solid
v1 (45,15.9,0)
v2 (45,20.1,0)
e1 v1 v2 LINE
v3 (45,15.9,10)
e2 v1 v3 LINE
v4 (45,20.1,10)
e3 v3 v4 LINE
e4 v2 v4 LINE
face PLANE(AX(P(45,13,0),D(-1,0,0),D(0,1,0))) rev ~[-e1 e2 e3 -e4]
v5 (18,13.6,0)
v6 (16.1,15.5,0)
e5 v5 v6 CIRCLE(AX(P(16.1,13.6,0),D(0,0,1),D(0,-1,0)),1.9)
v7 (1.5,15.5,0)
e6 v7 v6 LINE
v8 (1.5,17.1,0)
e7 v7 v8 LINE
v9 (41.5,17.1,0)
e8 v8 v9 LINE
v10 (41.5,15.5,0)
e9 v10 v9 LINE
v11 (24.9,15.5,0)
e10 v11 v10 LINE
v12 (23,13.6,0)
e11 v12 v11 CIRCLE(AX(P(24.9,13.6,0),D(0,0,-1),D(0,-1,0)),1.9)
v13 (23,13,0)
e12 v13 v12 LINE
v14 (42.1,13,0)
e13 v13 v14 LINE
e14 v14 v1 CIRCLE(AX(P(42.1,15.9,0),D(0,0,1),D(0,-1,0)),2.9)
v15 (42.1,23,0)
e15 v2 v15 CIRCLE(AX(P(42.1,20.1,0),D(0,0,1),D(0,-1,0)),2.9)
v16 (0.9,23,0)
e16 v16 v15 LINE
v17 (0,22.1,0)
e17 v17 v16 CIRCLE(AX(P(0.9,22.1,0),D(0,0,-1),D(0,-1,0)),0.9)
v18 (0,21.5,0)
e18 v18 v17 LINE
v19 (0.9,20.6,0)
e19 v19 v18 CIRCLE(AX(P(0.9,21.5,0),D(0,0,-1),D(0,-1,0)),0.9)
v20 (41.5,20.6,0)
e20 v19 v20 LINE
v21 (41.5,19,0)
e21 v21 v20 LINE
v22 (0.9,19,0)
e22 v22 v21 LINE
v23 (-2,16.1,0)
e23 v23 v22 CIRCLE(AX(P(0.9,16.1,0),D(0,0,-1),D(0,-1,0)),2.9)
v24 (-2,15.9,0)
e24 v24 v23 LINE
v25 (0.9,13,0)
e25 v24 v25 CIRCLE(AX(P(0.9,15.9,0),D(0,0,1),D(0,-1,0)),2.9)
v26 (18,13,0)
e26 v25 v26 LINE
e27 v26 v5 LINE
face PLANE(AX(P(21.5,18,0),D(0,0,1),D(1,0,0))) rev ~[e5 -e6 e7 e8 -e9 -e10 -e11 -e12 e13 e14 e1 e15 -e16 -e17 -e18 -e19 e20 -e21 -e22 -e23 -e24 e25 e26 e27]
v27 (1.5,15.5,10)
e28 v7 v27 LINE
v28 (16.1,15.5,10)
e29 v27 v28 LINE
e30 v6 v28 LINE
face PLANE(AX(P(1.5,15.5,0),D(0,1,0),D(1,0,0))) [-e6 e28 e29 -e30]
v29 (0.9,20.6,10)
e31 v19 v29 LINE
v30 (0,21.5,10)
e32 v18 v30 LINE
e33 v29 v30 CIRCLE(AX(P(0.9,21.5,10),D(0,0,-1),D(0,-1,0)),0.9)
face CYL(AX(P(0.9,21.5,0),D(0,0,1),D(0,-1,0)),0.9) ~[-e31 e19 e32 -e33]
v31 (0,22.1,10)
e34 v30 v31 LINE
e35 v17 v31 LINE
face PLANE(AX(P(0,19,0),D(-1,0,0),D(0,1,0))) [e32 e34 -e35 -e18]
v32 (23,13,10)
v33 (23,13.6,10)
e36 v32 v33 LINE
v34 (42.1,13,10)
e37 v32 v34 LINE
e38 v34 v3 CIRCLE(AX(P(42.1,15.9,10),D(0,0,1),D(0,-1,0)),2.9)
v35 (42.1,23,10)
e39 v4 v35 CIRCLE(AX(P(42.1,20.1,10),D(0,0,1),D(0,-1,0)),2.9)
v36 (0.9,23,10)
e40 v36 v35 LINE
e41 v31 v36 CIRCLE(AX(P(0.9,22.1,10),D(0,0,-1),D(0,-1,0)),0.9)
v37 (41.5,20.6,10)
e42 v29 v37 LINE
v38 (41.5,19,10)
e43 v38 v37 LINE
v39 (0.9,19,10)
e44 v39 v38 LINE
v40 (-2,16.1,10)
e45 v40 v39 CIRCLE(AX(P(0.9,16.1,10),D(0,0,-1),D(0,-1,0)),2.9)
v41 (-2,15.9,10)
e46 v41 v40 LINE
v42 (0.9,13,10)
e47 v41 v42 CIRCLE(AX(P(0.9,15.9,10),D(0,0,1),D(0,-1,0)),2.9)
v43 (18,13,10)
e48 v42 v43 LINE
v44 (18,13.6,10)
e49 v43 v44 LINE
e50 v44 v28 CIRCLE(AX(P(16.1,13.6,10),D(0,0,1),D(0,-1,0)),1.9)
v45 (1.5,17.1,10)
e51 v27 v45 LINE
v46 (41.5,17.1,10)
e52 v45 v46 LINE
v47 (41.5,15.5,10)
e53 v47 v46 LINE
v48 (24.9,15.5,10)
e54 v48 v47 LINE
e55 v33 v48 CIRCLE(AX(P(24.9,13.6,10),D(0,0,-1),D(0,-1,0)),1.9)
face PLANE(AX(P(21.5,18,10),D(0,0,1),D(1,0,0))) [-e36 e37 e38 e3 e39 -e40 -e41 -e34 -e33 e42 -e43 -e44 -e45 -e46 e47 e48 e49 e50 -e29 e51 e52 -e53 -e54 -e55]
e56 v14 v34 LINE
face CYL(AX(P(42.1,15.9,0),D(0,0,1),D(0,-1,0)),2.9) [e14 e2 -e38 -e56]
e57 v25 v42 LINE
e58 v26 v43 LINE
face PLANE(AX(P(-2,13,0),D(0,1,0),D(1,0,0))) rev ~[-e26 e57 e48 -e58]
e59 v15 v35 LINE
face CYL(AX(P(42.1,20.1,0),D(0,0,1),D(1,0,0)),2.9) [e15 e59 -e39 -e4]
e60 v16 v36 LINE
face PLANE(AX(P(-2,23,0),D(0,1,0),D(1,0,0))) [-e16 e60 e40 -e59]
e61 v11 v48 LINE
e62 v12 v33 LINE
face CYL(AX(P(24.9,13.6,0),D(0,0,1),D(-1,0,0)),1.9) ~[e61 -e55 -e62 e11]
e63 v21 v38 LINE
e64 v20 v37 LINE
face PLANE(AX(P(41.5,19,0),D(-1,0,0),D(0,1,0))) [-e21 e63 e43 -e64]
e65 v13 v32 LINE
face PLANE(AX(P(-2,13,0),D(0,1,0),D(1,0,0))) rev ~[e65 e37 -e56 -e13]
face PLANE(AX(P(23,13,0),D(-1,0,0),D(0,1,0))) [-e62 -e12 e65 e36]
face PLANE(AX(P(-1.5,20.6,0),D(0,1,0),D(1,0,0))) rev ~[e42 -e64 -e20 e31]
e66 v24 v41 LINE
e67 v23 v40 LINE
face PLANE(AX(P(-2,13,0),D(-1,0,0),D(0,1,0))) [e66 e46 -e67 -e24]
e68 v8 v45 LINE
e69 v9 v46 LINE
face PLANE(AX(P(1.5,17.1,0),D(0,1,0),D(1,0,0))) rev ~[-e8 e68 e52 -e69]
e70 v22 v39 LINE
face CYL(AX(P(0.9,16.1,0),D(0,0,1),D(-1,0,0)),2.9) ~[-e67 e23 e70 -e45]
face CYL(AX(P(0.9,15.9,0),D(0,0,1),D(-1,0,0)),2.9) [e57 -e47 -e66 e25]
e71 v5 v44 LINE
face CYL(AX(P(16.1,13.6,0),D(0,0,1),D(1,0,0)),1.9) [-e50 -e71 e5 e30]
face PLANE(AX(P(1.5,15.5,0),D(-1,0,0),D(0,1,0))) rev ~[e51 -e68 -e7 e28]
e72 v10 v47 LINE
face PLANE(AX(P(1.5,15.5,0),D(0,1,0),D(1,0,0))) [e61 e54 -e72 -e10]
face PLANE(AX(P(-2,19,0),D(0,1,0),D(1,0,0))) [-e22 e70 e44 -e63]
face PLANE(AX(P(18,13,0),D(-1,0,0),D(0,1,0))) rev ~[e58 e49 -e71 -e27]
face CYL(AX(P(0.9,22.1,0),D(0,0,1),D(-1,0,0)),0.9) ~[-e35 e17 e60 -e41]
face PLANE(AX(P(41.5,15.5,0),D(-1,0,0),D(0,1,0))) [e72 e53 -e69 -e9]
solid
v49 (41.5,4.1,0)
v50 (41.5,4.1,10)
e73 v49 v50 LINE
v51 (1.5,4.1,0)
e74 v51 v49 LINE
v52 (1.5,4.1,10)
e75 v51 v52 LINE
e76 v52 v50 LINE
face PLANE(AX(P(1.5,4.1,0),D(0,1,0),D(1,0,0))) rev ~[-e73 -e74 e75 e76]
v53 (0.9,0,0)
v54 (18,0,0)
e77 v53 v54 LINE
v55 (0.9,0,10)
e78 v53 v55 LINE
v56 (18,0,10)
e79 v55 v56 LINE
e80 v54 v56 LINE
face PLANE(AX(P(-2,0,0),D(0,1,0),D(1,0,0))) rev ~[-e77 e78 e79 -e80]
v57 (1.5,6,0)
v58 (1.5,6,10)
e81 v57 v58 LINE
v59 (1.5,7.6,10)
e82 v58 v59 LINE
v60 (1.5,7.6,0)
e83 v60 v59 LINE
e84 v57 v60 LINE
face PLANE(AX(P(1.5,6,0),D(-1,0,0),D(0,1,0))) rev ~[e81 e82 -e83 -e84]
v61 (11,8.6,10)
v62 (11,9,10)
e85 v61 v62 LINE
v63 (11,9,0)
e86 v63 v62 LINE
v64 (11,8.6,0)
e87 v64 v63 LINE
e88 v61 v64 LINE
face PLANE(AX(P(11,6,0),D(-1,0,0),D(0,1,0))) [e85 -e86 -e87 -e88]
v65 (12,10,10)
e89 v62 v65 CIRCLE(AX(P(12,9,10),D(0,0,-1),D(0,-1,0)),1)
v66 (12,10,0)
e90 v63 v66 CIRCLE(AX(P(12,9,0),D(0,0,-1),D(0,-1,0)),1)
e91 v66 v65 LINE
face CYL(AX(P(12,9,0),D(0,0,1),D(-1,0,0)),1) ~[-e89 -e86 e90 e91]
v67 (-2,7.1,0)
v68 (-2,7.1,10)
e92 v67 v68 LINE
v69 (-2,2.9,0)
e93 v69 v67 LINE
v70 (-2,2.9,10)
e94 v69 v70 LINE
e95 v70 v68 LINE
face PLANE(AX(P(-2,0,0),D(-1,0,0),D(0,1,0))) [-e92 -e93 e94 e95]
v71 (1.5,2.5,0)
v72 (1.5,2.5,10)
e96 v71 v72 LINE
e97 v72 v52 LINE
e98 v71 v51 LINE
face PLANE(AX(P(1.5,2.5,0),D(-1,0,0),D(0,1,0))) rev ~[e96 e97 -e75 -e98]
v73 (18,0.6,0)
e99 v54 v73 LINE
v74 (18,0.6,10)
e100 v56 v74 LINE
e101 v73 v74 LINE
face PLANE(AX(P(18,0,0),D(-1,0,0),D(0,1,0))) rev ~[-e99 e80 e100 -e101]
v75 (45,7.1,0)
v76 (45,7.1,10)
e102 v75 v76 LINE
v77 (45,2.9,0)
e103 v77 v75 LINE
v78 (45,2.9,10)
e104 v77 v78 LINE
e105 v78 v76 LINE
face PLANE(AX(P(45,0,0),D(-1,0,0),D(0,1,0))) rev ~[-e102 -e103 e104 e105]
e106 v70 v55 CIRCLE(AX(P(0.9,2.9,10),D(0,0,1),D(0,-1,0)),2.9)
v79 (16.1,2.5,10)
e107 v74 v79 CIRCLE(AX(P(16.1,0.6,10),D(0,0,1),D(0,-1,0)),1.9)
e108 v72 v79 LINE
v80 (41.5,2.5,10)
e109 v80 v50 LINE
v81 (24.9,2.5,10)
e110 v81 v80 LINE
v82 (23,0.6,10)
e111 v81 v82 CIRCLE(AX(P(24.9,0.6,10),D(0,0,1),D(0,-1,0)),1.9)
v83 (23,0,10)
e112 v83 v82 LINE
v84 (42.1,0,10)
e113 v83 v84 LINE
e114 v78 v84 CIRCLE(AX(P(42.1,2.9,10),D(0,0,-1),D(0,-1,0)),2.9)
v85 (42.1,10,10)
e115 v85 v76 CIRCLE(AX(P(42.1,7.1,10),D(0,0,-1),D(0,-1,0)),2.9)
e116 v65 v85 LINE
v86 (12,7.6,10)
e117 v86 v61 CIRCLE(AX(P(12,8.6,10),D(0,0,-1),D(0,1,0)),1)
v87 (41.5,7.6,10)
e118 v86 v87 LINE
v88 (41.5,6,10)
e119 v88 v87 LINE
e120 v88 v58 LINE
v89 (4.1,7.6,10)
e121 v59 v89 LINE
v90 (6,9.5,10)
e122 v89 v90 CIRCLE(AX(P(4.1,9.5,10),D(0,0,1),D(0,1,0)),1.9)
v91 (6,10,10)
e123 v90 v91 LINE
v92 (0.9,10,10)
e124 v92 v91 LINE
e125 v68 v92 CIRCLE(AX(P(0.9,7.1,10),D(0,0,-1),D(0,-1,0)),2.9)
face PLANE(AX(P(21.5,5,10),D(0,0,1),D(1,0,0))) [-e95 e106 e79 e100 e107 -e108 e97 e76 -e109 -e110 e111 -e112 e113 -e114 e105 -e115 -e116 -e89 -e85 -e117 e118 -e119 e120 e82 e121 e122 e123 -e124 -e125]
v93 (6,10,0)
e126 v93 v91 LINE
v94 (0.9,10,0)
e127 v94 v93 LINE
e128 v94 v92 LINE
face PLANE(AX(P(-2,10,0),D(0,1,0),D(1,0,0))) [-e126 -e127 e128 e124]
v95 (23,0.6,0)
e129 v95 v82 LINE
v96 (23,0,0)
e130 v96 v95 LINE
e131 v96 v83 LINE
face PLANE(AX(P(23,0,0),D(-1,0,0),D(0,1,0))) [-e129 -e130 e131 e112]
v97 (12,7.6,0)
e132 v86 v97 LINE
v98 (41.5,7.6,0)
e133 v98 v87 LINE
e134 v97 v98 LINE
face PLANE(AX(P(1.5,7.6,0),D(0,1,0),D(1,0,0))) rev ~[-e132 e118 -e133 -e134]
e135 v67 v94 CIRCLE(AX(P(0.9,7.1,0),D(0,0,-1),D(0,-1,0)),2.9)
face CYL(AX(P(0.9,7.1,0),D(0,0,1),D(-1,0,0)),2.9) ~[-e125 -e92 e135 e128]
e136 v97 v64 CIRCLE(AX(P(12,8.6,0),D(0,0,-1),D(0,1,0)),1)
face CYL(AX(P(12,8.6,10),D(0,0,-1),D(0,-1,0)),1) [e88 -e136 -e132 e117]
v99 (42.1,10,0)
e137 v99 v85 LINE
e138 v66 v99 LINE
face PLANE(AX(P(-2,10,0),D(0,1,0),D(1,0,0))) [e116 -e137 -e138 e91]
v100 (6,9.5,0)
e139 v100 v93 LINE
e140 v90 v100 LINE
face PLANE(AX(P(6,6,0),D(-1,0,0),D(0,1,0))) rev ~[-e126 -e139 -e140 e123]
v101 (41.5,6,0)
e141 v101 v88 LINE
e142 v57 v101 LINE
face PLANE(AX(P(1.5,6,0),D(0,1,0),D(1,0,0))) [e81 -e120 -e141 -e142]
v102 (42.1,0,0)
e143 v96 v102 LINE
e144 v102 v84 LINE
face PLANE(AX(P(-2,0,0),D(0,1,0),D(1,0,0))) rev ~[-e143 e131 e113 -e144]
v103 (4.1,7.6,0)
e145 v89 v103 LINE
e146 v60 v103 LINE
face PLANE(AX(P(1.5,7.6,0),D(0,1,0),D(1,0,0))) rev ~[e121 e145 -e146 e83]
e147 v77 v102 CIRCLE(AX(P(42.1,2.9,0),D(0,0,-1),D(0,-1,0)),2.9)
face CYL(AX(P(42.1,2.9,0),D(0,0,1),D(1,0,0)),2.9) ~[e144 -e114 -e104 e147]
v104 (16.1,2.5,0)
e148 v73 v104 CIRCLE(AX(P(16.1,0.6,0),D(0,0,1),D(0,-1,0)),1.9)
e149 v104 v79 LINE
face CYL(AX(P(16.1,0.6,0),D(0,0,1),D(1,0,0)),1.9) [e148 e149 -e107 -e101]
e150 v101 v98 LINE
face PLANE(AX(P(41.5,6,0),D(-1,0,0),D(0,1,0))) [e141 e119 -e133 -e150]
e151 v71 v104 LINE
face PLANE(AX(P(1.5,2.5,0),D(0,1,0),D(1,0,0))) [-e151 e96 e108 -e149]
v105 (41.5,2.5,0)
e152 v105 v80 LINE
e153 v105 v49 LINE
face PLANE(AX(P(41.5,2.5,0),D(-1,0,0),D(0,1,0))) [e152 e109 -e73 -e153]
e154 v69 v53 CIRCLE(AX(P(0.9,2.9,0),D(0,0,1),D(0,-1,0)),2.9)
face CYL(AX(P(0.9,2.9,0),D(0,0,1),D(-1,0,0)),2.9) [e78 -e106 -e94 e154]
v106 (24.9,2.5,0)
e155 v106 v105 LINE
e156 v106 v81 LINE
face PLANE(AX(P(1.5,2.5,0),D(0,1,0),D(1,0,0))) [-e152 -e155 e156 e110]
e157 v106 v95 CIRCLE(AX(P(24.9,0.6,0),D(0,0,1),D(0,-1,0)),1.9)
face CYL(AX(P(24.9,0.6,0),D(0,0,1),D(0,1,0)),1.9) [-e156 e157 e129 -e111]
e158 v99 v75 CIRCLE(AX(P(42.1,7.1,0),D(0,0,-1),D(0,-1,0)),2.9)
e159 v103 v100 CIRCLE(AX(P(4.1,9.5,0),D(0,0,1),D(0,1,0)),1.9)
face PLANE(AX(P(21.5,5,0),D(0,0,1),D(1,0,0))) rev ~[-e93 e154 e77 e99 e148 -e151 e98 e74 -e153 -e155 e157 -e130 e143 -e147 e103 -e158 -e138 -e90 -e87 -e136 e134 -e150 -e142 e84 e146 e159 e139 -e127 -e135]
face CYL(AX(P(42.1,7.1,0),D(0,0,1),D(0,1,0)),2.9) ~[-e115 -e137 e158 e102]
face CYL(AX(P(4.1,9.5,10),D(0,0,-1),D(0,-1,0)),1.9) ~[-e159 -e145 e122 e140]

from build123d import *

# Parameters (mm, degrees)
BOX003_W     = 5
BOX003_H     = 2.5
BOX003_DEPTH = 10
BOX_W        = 40
BOX_H        = 1.6
BOX_DEPTH    = 10
BOX002_W     = 40
BOX002_H     = 1.6
BOX002_DEPTH = 10
BOX004_W     = 5
BOX004_H     = 4
BOX004_DEPTH = 10
BOX001_W     = 47
BOX001_H     = 10
BOX001_DEPTH = 10
FILLET_R     = 2.9
FILLET001_R  = 1
FILLET002_R  = 1.9
FILLET003_R  = 1.9
BOX009_W     = 2
BOX009_H     = 4
BOX009_DEPTH = 10
BOX008_W     = 5
BOX008_H     = 2.5
BOX008_DEPTH = 10
BOX007_W     = 40
BOX007_H     = 1.6
BOX007_DEPTH = 10
BOX006_W     = 43
BOX006_H     = 1.6
BOX006_DEPTH = 10
BOX005_W     = 47
BOX005_H     = 10
BOX005_DEPTH = 10
FILLET004_R  = 2.9
FILLET005_R  = 0.9
FILLET006_R  = 1.9


with BuildPart() as cubo004:
    # Box003 → Box003 (new body)
    with BuildSketch(Plane(origin=(18, 0, 0), x_dir=(1, 0, 0), z_dir=(0, 0, 1))):
        with Locations((2.5, 1.25)):
            Rectangle(BOX003_W, BOX003_H)
    extrude(amount=BOX003_DEPTH)


with BuildPart() as cubo003:
    # Box → Box (new body)
    with BuildSketch(Plane(origin=(1.5, 2.5, 0), x_dir=(1, 0, 0), z_dir=(0, 0, 1))):
        with Locations((20, 0.8)):
            Rectangle(BOX_W, BOX_H)
    extrude(amount=BOX_DEPTH)


with BuildPart() as cubo002:
    # Box002 → Box002 (new body)
    with BuildSketch(Plane(origin=(1.5, 6, 0), x_dir=(1, 0, 0), z_dir=(0, 0, 1))):
        with Locations((20, 0.8)):
            Rectangle(BOX002_W, BOX002_H)
    extrude(amount=BOX002_DEPTH)


with BuildPart() as cubo005:
    # Box004 → Box004 (new body)
    with BuildSketch(Plane(origin=(6, 6, 0), x_dir=(1, 0, 0), z_dir=(0, 0, 1))):
        with Locations((2.5, 2)):
            Rectangle(BOX004_W, BOX004_H)
    extrude(amount=BOX004_DEPTH)


with BuildPart() as pechado:
    # Box001 → Box001 (new body)
    with BuildSketch(Plane(origin=(-2, 0, 0), x_dir=(1, 0, 0), z_dir=(0, 0, 1))):
        with Locations((23.5, 5)):
            Rectangle(BOX001_W, BOX001_H)
    extrude(amount=BOX001_DEPTH)

    # Cut: cut Cubo005
    add(cubo005.part, mode=Mode.SUBTRACT)

    # Cut001: cut Cubo002
    add(cubo002.part, mode=Mode.SUBTRACT)

    # Cut002: cut Cubo003
    add(cubo003.part, mode=Mode.SUBTRACT)

    # Cut003: cut Cubo004
    add(cubo004.part, mode=Mode.SUBTRACT)

    # Fillet
    fillet_edges = [pechado.edges().sort_by_distance(p)[0] for p in [
        (-2, 0, 5),
        (-2, 10, 5),
        (45, 10, 5),
        (45, 0, 5),
    ]]
    fillet(fillet_edges, radius=FILLET_R)

    # Fillet001
    fillet001_edges = [pechado.edges().sort_by_distance(p)[0] for p in [
        (11, 7.6, 5),
        (11, 10, 5),
    ]]
    fillet(fillet001_edges, radius=FILLET001_R)

    # Fillet002
    fillet002_edges = [pechado.edges().sort_by_distance(p)[0] for p in [
        (6, 7.6, 5),
    ]]
    fillet(fillet002_edges, radius=FILLET002_R)

    # Fillet003
    fillet003_edges = [pechado.edges().sort_by_distance(p)[0] for p in [
        (18, 2.5, 5),
        (23, 2.5, 5),
    ]]
    fillet(fillet003_edges, radius=FILLET003_R)


with BuildPart() as cubo009:
    # Box009 → Box009 (new body)
    with BuildSketch(Plane(origin=(-2, 19, 0), x_dir=(1, 0, 0), z_dir=(0, 0, 1))):
        with Locations((1, 2)):
            Rectangle(BOX009_W, BOX009_H)
    extrude(amount=BOX009_DEPTH)


with BuildPart() as cubo008:
    # Box008 → Box008 (new body)
    with BuildSketch(Plane(origin=(18, 13, 0), x_dir=(1, 0, 0), z_dir=(0, 0, 1))):
        with Locations((2.5, 1.25)):
            Rectangle(BOX008_W, BOX008_H)
    extrude(amount=BOX008_DEPTH)


with BuildPart() as cubo007:
    # Box007 → Box007 (new body)
    with BuildSketch(Plane(origin=(1.5, 15.5, 0), x_dir=(1, 0, 0), z_dir=(0, 0, 1))):
        with Locations((20, 0.8)):
            Rectangle(BOX007_W, BOX007_H)
    extrude(amount=BOX007_DEPTH)


with BuildPart() as cubo006:
    # Box006 → Box006 (new body)
    with BuildSketch(Plane(origin=(-1.5, 19, 0), x_dir=(1, 0, 0), z_dir=(0, 0, 1))):
        with Locations((21.5, 0.8)):
            Rectangle(BOX006_W, BOX006_H)
    extrude(amount=BOX006_DEPTH)


with BuildPart() as aberto:
    # Box005 → Box005 (new body)
    with BuildSketch(Plane(origin=(-2, 13, 0), x_dir=(1, 0, 0), z_dir=(0, 0, 1))):
        with Locations((23.5, 5)):
            Rectangle(BOX005_W, BOX005_H)
    extrude(amount=BOX005_DEPTH)

    # Cut004: cut Cubo006
    add(cubo006.part, mode=Mode.SUBTRACT)

    # Cut005: cut Cubo007
    add(cubo007.part, mode=Mode.SUBTRACT)

    # Cut006: cut Cubo008
    add(cubo008.part, mode=Mode.SUBTRACT)

    # Cut007: cut Cubo009
    add(cubo009.part, mode=Mode.SUBTRACT)

    # Fillet004
    fillet004_edges = [aberto.edges().sort_by_distance(p)[0] for p in [
        (-2, 19, 5),
        (-2, 13, 5),
        (45, 23, 5),
        (45, 13, 5),
    ]]
    fillet(fillet004_edges, radius=FILLET004_R)

    # Fillet005
    fillet005_edges = [aberto.edges().sort_by_distance(p)[0] for p in [
        (0, 23, 5),
        (0, 20.6, 5),
    ]]
    fillet(fillet005_edges, radius=FILLET005_R)

    # Fillet006
    fillet006_edges = [aberto.edges().sort_by_distance(p)[0] for p in [
        (23, 15.5, 5),
        (18, 15.5, 5),
    ]]
    fillet(fillet006_edges, radius=FILLET006_R)


solid = Compound([pechado.part, aberto.part])
